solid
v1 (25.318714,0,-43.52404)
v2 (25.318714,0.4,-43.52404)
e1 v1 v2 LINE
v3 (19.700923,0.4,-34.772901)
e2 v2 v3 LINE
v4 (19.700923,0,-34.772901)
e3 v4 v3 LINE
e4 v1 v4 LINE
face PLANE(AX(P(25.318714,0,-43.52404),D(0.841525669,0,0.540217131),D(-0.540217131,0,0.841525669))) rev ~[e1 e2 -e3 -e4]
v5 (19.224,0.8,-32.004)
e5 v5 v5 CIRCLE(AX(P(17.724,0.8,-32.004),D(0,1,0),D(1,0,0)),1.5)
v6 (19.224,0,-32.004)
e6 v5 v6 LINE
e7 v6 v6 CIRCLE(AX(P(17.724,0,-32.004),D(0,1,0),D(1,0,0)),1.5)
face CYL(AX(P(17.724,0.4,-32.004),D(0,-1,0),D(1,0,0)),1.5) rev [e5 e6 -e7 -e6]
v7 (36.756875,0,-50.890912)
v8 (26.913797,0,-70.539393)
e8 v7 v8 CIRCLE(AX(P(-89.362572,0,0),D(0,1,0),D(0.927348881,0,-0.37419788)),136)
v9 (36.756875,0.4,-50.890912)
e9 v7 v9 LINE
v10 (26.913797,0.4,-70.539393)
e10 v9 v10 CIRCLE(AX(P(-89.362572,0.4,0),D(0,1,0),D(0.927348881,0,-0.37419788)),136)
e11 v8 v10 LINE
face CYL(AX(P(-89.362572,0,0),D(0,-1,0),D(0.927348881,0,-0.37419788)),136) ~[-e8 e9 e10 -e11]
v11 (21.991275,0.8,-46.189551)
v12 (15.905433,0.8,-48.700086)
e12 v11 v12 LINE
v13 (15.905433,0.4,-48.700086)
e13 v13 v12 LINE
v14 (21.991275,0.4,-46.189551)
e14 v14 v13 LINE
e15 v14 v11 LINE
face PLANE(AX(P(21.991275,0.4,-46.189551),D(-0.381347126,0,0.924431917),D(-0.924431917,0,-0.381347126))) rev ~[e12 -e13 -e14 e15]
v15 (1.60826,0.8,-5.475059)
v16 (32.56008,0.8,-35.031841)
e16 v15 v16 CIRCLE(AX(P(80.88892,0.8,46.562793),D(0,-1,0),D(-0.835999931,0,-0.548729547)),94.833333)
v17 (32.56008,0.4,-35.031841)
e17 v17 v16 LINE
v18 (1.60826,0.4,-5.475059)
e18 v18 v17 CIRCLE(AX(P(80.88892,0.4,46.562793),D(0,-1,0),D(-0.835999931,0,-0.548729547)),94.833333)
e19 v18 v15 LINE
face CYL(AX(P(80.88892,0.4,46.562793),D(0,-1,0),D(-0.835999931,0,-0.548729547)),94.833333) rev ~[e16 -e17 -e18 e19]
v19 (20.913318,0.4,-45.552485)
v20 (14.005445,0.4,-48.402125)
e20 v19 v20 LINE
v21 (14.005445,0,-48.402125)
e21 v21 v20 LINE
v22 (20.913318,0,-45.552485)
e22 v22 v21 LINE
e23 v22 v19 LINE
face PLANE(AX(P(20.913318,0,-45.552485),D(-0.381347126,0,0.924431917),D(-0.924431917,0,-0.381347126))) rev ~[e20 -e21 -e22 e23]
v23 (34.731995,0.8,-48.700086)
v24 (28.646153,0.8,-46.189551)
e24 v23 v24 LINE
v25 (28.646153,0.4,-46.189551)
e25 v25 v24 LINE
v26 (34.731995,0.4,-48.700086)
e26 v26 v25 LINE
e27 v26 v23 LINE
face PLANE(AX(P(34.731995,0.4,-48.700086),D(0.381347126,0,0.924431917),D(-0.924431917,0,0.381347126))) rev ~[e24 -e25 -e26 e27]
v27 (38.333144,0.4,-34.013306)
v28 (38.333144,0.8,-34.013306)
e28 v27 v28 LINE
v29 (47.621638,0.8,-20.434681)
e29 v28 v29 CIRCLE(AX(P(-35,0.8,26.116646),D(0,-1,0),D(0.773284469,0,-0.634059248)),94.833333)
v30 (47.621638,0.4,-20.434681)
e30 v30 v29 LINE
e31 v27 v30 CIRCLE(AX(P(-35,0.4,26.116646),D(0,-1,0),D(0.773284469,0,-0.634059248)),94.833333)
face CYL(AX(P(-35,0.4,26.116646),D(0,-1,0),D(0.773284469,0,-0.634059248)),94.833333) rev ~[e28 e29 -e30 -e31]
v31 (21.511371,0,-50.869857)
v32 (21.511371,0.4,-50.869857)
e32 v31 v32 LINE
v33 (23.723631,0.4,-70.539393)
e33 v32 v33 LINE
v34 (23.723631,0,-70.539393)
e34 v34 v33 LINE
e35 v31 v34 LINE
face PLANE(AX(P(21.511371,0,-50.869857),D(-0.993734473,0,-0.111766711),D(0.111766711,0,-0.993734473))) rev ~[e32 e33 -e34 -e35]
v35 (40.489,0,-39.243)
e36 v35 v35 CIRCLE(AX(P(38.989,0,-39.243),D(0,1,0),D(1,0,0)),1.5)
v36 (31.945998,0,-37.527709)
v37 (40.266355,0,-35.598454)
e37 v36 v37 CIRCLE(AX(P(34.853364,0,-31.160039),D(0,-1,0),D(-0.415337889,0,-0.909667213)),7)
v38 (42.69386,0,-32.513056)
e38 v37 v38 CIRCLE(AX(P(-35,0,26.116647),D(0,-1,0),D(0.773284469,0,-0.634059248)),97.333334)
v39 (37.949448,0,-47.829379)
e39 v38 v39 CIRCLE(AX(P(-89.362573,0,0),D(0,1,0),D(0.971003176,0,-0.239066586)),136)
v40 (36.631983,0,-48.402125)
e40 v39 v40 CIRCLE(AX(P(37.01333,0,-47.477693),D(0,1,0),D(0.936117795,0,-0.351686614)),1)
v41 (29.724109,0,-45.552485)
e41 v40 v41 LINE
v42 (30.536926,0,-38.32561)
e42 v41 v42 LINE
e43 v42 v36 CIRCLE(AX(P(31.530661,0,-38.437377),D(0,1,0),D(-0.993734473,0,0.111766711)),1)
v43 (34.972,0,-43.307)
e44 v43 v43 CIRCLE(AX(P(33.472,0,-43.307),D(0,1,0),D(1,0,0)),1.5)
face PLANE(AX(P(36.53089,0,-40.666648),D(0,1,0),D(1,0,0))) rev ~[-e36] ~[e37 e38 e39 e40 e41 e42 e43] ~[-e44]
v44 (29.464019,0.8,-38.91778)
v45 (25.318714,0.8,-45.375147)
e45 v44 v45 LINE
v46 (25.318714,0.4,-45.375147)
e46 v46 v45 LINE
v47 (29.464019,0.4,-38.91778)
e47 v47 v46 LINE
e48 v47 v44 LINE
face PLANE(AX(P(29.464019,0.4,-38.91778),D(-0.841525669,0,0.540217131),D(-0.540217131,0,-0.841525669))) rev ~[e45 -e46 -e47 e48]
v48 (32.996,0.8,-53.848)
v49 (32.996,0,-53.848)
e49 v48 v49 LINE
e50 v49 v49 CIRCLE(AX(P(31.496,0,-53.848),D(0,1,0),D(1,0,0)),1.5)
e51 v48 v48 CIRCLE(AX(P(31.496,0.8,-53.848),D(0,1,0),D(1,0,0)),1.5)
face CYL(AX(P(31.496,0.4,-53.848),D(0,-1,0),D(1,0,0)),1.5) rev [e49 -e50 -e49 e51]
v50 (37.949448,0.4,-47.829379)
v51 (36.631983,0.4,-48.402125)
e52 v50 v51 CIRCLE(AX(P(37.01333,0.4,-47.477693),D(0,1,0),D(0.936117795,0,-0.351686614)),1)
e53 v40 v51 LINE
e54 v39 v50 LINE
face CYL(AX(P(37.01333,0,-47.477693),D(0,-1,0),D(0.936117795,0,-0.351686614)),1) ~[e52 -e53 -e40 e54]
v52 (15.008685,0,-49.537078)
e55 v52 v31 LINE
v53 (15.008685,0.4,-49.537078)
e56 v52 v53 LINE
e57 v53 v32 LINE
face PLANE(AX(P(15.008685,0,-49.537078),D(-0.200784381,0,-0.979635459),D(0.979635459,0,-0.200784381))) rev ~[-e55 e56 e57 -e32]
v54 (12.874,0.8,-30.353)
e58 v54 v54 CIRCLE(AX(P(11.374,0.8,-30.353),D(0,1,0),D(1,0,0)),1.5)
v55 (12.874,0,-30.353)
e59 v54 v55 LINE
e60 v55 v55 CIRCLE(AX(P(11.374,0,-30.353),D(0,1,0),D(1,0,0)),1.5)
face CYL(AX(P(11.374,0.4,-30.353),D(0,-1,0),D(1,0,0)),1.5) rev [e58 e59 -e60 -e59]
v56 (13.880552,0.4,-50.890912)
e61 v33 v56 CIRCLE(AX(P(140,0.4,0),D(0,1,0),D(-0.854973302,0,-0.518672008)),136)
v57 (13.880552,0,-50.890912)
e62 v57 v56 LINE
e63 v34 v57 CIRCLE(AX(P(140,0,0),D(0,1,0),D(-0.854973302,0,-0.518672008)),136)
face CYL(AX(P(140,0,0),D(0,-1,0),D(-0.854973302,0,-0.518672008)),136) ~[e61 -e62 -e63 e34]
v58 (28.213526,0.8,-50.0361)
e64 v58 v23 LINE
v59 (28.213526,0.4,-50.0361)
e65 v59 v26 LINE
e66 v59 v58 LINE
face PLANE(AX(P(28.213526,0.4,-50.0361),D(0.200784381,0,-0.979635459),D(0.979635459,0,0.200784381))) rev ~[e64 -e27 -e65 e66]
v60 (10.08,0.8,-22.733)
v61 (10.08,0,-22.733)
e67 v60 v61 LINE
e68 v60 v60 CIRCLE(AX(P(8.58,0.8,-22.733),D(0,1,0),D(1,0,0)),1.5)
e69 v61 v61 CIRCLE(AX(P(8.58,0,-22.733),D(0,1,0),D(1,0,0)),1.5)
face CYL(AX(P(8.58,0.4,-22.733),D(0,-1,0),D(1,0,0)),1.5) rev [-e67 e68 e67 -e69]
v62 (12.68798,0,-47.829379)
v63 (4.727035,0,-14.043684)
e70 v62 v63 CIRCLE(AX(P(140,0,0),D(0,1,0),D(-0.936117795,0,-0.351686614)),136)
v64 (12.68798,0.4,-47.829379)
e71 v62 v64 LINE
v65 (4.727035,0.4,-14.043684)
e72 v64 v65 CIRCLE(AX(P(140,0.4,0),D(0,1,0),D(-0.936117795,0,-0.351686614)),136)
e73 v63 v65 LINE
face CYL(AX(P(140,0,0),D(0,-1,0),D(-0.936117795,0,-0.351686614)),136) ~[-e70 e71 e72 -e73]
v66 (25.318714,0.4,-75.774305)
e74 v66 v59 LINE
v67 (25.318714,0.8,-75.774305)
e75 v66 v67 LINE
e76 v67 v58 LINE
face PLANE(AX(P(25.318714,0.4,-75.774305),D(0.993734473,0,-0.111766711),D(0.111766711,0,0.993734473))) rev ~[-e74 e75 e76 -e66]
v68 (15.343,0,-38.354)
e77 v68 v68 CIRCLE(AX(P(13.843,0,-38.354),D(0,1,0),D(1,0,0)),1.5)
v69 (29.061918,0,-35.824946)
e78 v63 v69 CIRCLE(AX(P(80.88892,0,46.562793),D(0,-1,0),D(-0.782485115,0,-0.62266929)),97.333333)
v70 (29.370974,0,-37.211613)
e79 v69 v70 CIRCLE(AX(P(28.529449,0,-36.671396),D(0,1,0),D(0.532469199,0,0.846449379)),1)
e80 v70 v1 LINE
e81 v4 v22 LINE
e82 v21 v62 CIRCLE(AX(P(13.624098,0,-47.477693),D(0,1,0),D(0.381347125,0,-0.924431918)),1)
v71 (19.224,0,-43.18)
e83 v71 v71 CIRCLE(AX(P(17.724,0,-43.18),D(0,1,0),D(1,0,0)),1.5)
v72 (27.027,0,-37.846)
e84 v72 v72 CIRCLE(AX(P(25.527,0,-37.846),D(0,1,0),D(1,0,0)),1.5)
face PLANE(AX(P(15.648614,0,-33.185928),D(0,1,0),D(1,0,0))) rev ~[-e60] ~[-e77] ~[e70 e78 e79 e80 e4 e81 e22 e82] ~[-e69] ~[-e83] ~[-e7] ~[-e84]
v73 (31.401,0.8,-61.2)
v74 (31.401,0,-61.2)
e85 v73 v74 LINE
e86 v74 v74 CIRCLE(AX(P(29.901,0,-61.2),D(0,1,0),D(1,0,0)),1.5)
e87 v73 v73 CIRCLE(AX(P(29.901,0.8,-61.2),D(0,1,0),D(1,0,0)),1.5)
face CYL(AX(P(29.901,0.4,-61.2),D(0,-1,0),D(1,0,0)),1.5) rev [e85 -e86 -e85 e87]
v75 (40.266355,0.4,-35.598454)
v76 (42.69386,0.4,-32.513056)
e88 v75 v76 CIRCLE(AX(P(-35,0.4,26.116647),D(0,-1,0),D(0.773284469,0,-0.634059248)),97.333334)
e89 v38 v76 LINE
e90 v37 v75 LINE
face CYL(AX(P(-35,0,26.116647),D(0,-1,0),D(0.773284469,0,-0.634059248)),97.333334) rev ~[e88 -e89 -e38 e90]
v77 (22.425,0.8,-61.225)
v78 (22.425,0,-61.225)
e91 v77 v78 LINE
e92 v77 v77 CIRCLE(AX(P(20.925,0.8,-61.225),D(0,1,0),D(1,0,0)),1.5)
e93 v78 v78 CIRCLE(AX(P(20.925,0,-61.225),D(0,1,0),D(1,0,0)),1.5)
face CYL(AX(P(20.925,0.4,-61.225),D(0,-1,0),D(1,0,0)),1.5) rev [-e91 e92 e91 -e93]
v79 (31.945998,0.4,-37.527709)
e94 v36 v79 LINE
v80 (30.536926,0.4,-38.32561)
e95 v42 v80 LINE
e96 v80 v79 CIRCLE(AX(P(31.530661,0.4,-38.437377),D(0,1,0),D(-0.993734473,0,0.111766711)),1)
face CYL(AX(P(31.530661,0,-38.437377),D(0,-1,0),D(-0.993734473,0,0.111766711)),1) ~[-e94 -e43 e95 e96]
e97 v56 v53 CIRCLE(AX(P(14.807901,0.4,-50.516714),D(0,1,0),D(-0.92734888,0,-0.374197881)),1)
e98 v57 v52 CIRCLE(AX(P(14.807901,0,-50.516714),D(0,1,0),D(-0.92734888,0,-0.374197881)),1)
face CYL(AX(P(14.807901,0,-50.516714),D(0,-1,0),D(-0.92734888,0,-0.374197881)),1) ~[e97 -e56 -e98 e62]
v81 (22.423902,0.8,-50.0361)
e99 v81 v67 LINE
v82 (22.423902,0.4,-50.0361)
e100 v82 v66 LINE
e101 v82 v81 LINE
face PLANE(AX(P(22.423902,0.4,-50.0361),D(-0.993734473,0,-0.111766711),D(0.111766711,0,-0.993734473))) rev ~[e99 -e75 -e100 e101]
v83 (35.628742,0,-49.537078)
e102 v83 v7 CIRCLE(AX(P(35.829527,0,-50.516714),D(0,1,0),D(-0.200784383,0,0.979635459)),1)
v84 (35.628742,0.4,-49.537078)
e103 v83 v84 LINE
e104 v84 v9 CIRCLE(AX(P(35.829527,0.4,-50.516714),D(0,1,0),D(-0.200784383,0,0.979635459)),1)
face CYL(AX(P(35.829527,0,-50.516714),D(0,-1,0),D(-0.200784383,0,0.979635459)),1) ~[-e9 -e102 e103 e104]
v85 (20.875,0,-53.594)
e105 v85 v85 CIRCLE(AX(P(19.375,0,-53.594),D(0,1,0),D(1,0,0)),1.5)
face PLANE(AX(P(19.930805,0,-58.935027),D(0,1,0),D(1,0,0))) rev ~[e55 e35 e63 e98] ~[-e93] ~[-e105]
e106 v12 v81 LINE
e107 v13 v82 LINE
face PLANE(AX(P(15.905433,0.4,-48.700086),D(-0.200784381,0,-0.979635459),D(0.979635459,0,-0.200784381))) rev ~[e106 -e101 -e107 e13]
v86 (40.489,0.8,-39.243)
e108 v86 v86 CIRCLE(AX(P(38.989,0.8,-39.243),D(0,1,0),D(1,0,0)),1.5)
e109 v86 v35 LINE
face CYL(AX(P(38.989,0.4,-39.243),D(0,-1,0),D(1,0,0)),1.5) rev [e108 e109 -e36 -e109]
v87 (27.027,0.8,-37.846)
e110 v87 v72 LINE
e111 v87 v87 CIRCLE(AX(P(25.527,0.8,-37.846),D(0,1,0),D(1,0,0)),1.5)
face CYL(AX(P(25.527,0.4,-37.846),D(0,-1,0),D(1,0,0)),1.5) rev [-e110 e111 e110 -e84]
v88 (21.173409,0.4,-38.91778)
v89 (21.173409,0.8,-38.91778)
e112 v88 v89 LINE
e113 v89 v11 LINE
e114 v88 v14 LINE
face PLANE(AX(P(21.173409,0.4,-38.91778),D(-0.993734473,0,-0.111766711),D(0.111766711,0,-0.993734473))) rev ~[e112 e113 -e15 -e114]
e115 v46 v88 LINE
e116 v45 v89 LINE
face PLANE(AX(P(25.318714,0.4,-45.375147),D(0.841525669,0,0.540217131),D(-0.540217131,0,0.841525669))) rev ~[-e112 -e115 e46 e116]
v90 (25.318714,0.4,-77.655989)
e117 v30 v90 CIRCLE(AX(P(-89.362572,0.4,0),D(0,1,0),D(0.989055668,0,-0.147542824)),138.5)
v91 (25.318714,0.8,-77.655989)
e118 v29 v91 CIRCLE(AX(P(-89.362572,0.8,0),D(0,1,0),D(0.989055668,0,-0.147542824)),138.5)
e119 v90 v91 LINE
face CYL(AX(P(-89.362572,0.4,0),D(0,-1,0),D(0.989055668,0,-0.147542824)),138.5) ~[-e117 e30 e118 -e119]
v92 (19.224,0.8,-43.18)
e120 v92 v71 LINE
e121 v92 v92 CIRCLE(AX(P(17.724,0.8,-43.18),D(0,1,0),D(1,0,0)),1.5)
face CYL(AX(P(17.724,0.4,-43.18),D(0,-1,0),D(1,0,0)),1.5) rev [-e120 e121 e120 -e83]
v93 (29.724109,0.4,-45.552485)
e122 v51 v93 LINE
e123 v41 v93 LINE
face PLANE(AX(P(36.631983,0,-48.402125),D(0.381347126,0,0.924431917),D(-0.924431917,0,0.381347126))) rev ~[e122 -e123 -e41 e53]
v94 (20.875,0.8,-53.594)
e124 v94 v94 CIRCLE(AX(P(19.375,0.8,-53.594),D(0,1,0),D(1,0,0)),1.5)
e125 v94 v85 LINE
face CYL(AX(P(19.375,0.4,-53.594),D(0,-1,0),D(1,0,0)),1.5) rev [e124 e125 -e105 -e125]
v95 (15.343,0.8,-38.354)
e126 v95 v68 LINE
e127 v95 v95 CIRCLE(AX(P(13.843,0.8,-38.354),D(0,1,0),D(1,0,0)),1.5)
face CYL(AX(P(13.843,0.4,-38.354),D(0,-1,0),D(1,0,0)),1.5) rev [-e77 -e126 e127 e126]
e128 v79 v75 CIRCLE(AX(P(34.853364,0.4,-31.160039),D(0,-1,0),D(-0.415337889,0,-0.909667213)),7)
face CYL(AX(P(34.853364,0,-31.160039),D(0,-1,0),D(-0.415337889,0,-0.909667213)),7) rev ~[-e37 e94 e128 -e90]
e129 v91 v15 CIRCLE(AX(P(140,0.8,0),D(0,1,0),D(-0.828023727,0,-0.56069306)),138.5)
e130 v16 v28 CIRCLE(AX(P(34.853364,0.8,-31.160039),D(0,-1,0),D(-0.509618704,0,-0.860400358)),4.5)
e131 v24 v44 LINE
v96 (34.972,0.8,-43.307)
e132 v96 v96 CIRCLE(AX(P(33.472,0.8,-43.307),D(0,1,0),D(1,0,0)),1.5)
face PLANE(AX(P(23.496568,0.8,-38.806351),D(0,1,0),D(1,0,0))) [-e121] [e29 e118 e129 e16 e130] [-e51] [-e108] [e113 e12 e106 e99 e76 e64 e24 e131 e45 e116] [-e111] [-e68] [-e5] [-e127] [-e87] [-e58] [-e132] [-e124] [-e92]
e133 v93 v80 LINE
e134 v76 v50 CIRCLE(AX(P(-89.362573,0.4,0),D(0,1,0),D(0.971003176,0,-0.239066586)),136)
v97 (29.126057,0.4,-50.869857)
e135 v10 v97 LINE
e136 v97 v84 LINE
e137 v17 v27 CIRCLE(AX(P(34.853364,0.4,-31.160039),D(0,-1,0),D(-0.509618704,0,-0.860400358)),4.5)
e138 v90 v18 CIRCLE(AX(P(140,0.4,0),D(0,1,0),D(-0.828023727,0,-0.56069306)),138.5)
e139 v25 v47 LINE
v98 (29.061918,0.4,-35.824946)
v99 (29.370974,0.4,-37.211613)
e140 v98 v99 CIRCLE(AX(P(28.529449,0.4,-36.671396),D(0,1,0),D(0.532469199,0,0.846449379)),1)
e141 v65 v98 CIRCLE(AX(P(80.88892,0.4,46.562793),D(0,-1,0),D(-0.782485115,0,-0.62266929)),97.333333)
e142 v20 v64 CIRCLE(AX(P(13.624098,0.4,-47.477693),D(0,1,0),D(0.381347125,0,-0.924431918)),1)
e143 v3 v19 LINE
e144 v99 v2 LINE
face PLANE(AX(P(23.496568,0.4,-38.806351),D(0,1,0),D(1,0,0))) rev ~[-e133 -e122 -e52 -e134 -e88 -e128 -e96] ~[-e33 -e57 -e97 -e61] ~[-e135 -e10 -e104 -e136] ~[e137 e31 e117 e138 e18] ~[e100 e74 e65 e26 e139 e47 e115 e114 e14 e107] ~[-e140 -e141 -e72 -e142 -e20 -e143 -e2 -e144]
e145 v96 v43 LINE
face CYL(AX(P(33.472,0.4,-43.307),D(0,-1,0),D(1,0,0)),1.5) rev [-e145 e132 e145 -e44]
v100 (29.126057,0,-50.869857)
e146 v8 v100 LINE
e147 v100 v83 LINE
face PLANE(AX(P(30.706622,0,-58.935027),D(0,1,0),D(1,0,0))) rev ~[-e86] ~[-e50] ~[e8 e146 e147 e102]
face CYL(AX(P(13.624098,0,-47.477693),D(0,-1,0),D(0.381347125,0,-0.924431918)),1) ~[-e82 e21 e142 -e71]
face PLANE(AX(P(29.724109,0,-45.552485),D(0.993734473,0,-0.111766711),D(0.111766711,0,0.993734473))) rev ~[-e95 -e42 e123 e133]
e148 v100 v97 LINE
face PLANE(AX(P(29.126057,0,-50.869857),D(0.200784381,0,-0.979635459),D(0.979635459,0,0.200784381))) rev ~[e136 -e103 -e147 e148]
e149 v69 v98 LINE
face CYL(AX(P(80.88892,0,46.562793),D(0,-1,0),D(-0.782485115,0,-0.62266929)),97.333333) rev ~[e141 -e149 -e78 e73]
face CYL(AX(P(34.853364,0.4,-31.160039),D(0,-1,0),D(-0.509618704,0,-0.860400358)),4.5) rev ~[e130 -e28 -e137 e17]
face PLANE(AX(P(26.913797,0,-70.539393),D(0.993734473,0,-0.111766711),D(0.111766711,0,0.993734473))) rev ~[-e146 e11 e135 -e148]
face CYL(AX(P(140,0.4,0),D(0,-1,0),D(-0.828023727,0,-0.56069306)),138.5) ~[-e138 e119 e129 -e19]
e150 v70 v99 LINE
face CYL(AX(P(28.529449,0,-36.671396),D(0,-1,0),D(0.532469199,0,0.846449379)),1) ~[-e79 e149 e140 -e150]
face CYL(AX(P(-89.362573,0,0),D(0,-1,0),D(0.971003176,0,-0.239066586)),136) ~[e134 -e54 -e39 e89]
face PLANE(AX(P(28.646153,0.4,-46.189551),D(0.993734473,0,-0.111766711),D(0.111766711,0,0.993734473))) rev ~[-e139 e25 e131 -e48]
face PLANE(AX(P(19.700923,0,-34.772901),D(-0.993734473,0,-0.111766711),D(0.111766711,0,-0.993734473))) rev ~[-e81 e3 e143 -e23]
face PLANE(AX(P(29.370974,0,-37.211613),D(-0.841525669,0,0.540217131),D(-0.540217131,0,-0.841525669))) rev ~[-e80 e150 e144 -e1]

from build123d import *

# Parameters (mm, degrees)
SKETCH4_R             = 1.5
BOSS_EXTRUDE1_DEPTH   = 0.4
BOSS_EXTRUDE1_2_DEPTH = 0.4
BOSS_EXTRUDE1_3_DEPTH = 0.4
BOSS_EXTRUDE1_4_DEPTH = 0.4
SKETCH5_R             = 1.5
BOSS_EXTRUDE2_DEPTH   = 0.4


with BuildPart() as part:
    # Sketch4 → Boss-Extrude1 (new body)
    with BuildSketch(Plane(origin=(0, 0, 0), x_dir=(1, 0, 0), z_dir=(0, 1, 0))):
        with BuildLine():
            Line((36.631982775, 48.402124759), (29.724109313, 45.552485279))
            Line((29.724109313, 45.552485279), (30.536926129, 38.325609907))
            ThreePointArc((30.536926129, 38.325609907), (31.037916291, 37.567202472), (31.94599849, 37.527709405))
            ThreePointArc((31.94599849, 37.527709405), (36.434517541, 37.979126286), (40.266354995, 35.59845365))
            ThreePointArc((40.266354995, 35.59845365), (41.495664758, 34.067994846), (42.693859526, 32.513055637))
            ThreePointArc((42.693859526, 32.513055637), (40.547573161, 40.24119879), (37.949447695, 47.829379455))
            ThreePointArc((37.949447695, 47.829379455), (37.412017647, 48.394779577), (36.631982775, 48.402124759))
        make_face()
        with Locations((33.472, 43.307)):
            Circle(SKETCH4_R, mode=Mode.SUBTRACT)
        with Locations((38.989, 39.243)):
            Circle(SKETCH4_R, mode=Mode.SUBTRACT)
    extrude(amount=BOSS_EXTRUDE1_DEPTH)



with BuildPart() as body_2:
    # Sketch4 → Boss-Extrude1 2 (new body)
    with BuildSketch(Plane(origin=(0, 0, 0), x_dir=(1, 0, 0), z_dir=(0, 1, 0))):
        with BuildLine():
            Line((26.913796721, 70.539393135), (29.126057014, 50.869857351))
            Line((29.126057014, 50.869857351), (35.62874213, 49.537078309))
            ThreePointArc((35.62874213, 49.537078309), (36.597764867, 49.876549859), (36.756875392, 50.890911647))
            ThreePointArc((36.756875392, 50.890911647), (32.232858108, 60.91429454), (26.913796721, 70.539393135))
        make_face()
        with Locations((31.496, 53.848)):
            Circle(SKETCH4_R, mode=Mode.SUBTRACT)
        with Locations((29.901, 61.2)):
            Circle(SKETCH4_R, mode=Mode.SUBTRACT)
    extrude(amount=BOSS_EXTRUDE1_2_DEPTH)


with BuildPart() as body_3:
    # Sketch4 → Boss-Extrude1 3 (new body)
    with BuildSketch(Plane(origin=(0, 0, 0), x_dir=(1, 0, 0), z_dir=(0, 1, 0))):
        with BuildLine():
            Line((20.913318286, 45.552485279), (14.005444824, 48.402124759))
            ThreePointArc((14.005444824, 48.402124759), (13.225409952, 48.394779577), (12.687979904, 47.829379455))
            ThreePointArc((12.687979904, 47.829379455), (7.625203146, 31.191555875), (4.727035456, 14.043684112))
            ThreePointArc((4.727035456, 14.043684112), (15.974402208, 25.962258497), (29.061917895, 35.824946131))
            ThreePointArc((29.061917895, 35.824946131), (29.505500168, 36.453855806), (29.370974364, 37.211612641))
            Line((29.370974364, 37.211612641), (25.3187138, 43.52403979))
            Line((25.3187138, 43.52403979), (19.700923362, 34.77290143))
            Line((19.700923362, 34.77290143), (20.913318286, 45.552485279))
        make_face()
        with Locations((8.58, 22.733)):
            Circle(SKETCH4_R, mode=Mode.SUBTRACT)
        with Locations((11.374, 30.353)):
            Circle(SKETCH4_R, mode=Mode.SUBTRACT)
        with Locations((13.843, 38.354)):
            Circle(SKETCH4_R, mode=Mode.SUBTRACT)
        with Locations((17.724, 32.004)):
            Circle(SKETCH4_R, mode=Mode.SUBTRACT)
        with Locations((17.724, 43.18)):
            Circle(SKETCH4_R, mode=Mode.SUBTRACT)
        with Locations((25.527, 37.846)):
            Circle(SKETCH4_R, mode=Mode.SUBTRACT)
    extrude(amount=BOSS_EXTRUDE1_3_DEPTH)


with BuildPart() as body_4:
    # Sketch4 → Boss-Extrude1 4 (new body)
    with BuildSketch(Plane(origin=(0, 0, 0), x_dir=(1, 0, 0), z_dir=(0, 1, 0))):
        with BuildLine():
            Line((15.008685469, 49.537078309), (21.511370585, 50.869857351))
            Line((21.511370585, 50.869857351), (23.723630878, 70.539393135))
            ThreePointArc((23.723630878, 70.539393135), (18.404569491, 60.91429454), (13.880552207, 50.890911647))
            ThreePointArc((13.880552207, 50.890911647), (14.039662732, 49.876549859), (15.008685469, 49.537078309))
        make_face()
        with Locations((19.375, 53.594)):
            Circle(SKETCH4_R, mode=Mode.SUBTRACT)
        with Locations((20.925, 61.225)):
            Circle(SKETCH4_R, mode=Mode.SUBTRACT)
    extrude(amount=BOSS_EXTRUDE1_4_DEPTH)


with BuildPart() as part_1:
    add(part.part)

    add(body_2.part)  # Boss-Extrude2 merges body 2

    add(body_3.part)  # Boss-Extrude2 merges body 3

    add(body_4.part)  # Boss-Extrude2 merges body 4
    # Sketch5 → Boss-Extrude2 (add)
    with BuildSketch(Plane(origin=(0, 0.4, 0), x_dir=(1, 0, 0), z_dir=(0, 1, 0))):
        with BuildLine():
            ThreePointArc((25.3187138, 77.655988793), (8.417285199, 43.223132296), (1.60825988, 5.475058578))
            ThreePointArc((1.60825988, 5.475058578), (15.395050063, 22.022293224), (32.560079542, 35.031840527))
            ThreePointArc((32.560079542, 35.031840527), (35.635218263, 35.591596594), (38.333143822, 34.01330553))
            ThreePointArc((38.333143822, 34.01330553), (43.27239761, 27.425793547), (47.621637666, 20.434681115))
            ThreePointArc((47.621637666, 20.434681115), (39.681799875, 50.297117055), (25.3187138, 77.655988793))
        make_face()
        with Locations((8.58, 22.733)):
            Circle(SKETCH5_R, mode=Mode.SUBTRACT)
        with Locations((11.374, 30.353)):
            Circle(SKETCH5_R, mode=Mode.SUBTRACT)
        with Locations((17.724, 43.18)):
            Circle(SKETCH5_R, mode=Mode.SUBTRACT)
        with Locations((13.843, 38.354)):
            Circle(SKETCH5_R, mode=Mode.SUBTRACT)
        with Locations((17.724, 32.004)):
            Circle(SKETCH5_R, mode=Mode.SUBTRACT)
        with Locations((38.989, 39.243)):
            Circle(SKETCH5_R, mode=Mode.SUBTRACT)
        with Locations((33.472, 43.307)):
            Circle(SKETCH5_R, mode=Mode.SUBTRACT)
        with Locations((31.496, 53.848)):
            Circle(SKETCH5_R, mode=Mode.SUBTRACT)
        with Locations((29.901, 61.2)):
            Circle(SKETCH5_R, mode=Mode.SUBTRACT)
        with Locations((20.925, 61.225)):
            Circle(SKETCH5_R, mode=Mode.SUBTRACT)
        with Locations((19.375, 53.594)):
            Circle(SKETCH5_R, mode=Mode.SUBTRACT)
        with Locations((25.527, 37.846)):
            Circle(SKETCH5_R, mode=Mode.SUBTRACT)
        Polygon((22.423901789, 50.036100284), (25.3187138, 75.774305051), (28.21352581, 50.036100284), (34.731994844, 48.700086198), (28.646152557, 46.189551437), (29.464018945, 38.917779558), (25.3187138, 45.375147323), (21.173408654, 38.917779558), (21.991275042, 46.189551437), (15.905432755, 48.700086198), align=None, mode=Mode.SUBTRACT)
    extrude(amount=BOSS_EXTRUDE2_DEPTH)


solid = part_1.part
